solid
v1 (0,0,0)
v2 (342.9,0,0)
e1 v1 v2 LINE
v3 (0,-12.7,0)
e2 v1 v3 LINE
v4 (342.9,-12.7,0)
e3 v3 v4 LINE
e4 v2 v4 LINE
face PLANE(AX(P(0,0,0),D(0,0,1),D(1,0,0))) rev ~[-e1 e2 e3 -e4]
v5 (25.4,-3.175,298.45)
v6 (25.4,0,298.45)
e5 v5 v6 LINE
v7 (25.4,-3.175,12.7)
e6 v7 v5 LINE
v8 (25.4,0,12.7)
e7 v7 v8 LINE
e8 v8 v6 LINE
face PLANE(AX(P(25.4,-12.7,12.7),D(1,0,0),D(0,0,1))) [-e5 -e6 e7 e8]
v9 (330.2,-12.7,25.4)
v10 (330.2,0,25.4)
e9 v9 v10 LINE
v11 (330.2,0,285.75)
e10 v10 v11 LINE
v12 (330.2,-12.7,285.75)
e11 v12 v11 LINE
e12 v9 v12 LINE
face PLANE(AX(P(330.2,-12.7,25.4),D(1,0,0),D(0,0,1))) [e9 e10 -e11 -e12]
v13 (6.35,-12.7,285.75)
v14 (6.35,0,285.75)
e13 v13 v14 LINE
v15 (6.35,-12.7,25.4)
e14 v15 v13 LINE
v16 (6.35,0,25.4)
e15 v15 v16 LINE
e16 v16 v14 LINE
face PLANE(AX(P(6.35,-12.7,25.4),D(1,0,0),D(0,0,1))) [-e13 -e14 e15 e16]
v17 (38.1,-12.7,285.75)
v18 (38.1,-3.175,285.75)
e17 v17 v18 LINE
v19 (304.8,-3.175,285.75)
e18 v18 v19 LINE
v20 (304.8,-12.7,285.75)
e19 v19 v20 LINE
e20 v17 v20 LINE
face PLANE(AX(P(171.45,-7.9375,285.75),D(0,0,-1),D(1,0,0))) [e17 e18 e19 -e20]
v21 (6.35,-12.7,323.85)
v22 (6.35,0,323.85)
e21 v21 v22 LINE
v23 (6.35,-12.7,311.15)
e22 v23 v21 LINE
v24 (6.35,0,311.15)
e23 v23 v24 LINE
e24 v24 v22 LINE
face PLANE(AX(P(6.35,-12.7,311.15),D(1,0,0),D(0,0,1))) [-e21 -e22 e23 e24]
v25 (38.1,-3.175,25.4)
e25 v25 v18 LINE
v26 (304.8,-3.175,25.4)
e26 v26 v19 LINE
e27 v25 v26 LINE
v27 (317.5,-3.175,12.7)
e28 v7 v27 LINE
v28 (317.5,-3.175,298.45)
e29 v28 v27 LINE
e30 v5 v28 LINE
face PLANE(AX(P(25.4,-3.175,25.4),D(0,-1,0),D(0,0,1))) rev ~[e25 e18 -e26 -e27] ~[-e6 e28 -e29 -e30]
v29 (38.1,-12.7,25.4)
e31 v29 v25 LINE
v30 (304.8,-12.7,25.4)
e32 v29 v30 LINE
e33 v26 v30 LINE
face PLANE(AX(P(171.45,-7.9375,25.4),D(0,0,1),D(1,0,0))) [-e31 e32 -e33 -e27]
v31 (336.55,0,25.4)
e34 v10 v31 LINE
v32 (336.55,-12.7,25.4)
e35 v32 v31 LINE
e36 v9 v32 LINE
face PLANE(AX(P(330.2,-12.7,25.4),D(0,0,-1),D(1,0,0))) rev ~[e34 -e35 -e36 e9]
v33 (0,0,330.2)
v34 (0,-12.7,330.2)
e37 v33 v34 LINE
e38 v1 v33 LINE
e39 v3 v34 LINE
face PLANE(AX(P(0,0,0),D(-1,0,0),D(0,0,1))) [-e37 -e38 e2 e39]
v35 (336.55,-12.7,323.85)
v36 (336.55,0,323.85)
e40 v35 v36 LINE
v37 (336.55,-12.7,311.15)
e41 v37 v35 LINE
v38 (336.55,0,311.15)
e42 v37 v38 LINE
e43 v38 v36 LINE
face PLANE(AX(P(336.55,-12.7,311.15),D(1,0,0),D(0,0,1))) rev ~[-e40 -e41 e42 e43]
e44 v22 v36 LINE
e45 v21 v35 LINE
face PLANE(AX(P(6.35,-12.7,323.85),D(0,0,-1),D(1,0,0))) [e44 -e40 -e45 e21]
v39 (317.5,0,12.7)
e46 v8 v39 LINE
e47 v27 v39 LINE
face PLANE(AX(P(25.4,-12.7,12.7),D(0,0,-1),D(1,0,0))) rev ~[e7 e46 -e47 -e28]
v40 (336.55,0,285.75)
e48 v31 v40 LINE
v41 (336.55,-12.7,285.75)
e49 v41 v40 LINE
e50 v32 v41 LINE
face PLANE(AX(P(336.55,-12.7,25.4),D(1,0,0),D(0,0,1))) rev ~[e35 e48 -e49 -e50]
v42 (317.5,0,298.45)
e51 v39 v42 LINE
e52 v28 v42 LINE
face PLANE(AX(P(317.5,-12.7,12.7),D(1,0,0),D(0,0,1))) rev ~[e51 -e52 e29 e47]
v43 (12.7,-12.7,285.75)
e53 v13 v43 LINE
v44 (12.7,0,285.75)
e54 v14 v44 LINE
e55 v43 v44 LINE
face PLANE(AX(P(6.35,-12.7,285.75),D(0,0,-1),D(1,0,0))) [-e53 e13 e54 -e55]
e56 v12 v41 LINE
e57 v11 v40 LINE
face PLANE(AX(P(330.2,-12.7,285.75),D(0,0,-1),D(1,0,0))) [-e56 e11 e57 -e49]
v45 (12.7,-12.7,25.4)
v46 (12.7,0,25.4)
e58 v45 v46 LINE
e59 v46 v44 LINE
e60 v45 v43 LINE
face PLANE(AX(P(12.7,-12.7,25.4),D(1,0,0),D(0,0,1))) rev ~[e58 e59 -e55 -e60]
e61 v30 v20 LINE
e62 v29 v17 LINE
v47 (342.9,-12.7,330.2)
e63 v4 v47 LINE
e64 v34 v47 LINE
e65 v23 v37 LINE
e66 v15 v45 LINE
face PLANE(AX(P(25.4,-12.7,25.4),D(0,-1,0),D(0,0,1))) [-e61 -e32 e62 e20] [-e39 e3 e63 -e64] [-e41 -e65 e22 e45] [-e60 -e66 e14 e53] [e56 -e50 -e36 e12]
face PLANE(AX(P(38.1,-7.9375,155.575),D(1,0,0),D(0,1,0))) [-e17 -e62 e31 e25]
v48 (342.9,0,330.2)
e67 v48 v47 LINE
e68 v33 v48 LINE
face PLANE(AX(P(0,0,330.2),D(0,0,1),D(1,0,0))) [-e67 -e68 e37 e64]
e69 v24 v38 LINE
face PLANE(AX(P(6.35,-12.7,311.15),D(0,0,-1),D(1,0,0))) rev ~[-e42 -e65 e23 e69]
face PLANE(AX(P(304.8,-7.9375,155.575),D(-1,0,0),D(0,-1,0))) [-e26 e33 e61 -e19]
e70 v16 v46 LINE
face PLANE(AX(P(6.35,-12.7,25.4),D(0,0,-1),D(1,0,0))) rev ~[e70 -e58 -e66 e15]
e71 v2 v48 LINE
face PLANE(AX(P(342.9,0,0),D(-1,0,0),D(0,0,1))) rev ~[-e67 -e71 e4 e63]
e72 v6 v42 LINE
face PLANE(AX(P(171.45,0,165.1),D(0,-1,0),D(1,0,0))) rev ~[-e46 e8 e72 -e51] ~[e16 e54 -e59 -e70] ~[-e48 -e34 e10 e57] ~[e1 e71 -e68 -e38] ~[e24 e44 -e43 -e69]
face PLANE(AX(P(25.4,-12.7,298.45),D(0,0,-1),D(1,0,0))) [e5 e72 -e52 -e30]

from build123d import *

# Parameters (mm, degrees)
F0_W      = 342.9
F0_H      = 330.2
F1_DEPTH  = 12.7
F2_W      = 292.1
F2_H      = 285.75
F3_DEPTH  = 12.7
F4_W      = 330.2
F4_H      = 12.7
F4_W_2    = 6.35
F4_H_2    = 260.35
F5_DEPTH  = 12.7
F6_W      = 292.1
F6_H      = 9.525
F7_DEPTH  = 12.7
F8_W      = 292.1
F8_H      = 9.525
F9_DEPTH  = 12.7
F10_W     = 9.525
F10_H     = 260.35
F11_DEPTH = 12.7
F12_W     = 9.525
F12_H     = 260.35
F13_DEPTH = 12.7


with BuildPart() as f1:
    # F0 (on Front) → F1 (new body)
    with BuildSketch(Plane.XZ):
        with Locations((171.45, 165.1)):
            Rectangle(F0_W, F0_H)
    extrude(amount=F1_DEPTH)

    # F2 (on face) → F3 (cut)
    with BuildSketch(Plane.XZ.offset(12.7)):
        with Locations((171.45, 155.575)):
            Rectangle(F2_W, F2_H)
    extrude(amount=-F3_DEPTH, mode=Mode.SUBTRACT)

    # F4 (on face) → F5 (cut)
    with BuildSketch(Plane.XZ.offset(12.7)):
        with Locations((171.45, 317.5)):
            Rectangle(F4_W, F4_H)
        with Locations((9.525, 155.575)):
            Rectangle(F4_W_2, F4_H_2)
        with Locations((333.375, 155.575)):
            Rectangle(F4_W_2, F4_H_2)
    extrude(amount=-F5_DEPTH, mode=Mode.SUBTRACT)

    # F6 (on face) → F7 (join)
    with BuildSketch(Plane.XY.offset(12.7)):
        with Locations((171.45, -7.9375)):
            Rectangle(F6_W, F6_H)
    extrude(amount=F7_DEPTH)

    # F8 (on face) → F9 (join)
    with BuildSketch(Plane(origin=(0, 0, 298.45), x_dir=(1, 0, 0), z_dir=(0, 0, -1))):
        with Locations((171.45, 7.9375)):
            Rectangle(F8_W, F8_H)
    extrude(amount=F9_DEPTH)

    # F10 (on face) → F11 (join)
    with BuildSketch(Plane(origin=(317.5, 0, 0), x_dir=(0, -1, 0), z_dir=(-1, 0, 0))):
        with Locations((7.9375, 155.575)):
            Rectangle(F10_W, F10_H)
    extrude(amount=F11_DEPTH)

    # F12 (on face) → F13 (join)
    with BuildSketch(Plane.YZ.offset(25.4)):
        with Locations((-7.9375, 155.575)):
            Rectangle(F12_W, F12_H)
    extrude(amount=F13_DEPTH)


solid = f1.part
